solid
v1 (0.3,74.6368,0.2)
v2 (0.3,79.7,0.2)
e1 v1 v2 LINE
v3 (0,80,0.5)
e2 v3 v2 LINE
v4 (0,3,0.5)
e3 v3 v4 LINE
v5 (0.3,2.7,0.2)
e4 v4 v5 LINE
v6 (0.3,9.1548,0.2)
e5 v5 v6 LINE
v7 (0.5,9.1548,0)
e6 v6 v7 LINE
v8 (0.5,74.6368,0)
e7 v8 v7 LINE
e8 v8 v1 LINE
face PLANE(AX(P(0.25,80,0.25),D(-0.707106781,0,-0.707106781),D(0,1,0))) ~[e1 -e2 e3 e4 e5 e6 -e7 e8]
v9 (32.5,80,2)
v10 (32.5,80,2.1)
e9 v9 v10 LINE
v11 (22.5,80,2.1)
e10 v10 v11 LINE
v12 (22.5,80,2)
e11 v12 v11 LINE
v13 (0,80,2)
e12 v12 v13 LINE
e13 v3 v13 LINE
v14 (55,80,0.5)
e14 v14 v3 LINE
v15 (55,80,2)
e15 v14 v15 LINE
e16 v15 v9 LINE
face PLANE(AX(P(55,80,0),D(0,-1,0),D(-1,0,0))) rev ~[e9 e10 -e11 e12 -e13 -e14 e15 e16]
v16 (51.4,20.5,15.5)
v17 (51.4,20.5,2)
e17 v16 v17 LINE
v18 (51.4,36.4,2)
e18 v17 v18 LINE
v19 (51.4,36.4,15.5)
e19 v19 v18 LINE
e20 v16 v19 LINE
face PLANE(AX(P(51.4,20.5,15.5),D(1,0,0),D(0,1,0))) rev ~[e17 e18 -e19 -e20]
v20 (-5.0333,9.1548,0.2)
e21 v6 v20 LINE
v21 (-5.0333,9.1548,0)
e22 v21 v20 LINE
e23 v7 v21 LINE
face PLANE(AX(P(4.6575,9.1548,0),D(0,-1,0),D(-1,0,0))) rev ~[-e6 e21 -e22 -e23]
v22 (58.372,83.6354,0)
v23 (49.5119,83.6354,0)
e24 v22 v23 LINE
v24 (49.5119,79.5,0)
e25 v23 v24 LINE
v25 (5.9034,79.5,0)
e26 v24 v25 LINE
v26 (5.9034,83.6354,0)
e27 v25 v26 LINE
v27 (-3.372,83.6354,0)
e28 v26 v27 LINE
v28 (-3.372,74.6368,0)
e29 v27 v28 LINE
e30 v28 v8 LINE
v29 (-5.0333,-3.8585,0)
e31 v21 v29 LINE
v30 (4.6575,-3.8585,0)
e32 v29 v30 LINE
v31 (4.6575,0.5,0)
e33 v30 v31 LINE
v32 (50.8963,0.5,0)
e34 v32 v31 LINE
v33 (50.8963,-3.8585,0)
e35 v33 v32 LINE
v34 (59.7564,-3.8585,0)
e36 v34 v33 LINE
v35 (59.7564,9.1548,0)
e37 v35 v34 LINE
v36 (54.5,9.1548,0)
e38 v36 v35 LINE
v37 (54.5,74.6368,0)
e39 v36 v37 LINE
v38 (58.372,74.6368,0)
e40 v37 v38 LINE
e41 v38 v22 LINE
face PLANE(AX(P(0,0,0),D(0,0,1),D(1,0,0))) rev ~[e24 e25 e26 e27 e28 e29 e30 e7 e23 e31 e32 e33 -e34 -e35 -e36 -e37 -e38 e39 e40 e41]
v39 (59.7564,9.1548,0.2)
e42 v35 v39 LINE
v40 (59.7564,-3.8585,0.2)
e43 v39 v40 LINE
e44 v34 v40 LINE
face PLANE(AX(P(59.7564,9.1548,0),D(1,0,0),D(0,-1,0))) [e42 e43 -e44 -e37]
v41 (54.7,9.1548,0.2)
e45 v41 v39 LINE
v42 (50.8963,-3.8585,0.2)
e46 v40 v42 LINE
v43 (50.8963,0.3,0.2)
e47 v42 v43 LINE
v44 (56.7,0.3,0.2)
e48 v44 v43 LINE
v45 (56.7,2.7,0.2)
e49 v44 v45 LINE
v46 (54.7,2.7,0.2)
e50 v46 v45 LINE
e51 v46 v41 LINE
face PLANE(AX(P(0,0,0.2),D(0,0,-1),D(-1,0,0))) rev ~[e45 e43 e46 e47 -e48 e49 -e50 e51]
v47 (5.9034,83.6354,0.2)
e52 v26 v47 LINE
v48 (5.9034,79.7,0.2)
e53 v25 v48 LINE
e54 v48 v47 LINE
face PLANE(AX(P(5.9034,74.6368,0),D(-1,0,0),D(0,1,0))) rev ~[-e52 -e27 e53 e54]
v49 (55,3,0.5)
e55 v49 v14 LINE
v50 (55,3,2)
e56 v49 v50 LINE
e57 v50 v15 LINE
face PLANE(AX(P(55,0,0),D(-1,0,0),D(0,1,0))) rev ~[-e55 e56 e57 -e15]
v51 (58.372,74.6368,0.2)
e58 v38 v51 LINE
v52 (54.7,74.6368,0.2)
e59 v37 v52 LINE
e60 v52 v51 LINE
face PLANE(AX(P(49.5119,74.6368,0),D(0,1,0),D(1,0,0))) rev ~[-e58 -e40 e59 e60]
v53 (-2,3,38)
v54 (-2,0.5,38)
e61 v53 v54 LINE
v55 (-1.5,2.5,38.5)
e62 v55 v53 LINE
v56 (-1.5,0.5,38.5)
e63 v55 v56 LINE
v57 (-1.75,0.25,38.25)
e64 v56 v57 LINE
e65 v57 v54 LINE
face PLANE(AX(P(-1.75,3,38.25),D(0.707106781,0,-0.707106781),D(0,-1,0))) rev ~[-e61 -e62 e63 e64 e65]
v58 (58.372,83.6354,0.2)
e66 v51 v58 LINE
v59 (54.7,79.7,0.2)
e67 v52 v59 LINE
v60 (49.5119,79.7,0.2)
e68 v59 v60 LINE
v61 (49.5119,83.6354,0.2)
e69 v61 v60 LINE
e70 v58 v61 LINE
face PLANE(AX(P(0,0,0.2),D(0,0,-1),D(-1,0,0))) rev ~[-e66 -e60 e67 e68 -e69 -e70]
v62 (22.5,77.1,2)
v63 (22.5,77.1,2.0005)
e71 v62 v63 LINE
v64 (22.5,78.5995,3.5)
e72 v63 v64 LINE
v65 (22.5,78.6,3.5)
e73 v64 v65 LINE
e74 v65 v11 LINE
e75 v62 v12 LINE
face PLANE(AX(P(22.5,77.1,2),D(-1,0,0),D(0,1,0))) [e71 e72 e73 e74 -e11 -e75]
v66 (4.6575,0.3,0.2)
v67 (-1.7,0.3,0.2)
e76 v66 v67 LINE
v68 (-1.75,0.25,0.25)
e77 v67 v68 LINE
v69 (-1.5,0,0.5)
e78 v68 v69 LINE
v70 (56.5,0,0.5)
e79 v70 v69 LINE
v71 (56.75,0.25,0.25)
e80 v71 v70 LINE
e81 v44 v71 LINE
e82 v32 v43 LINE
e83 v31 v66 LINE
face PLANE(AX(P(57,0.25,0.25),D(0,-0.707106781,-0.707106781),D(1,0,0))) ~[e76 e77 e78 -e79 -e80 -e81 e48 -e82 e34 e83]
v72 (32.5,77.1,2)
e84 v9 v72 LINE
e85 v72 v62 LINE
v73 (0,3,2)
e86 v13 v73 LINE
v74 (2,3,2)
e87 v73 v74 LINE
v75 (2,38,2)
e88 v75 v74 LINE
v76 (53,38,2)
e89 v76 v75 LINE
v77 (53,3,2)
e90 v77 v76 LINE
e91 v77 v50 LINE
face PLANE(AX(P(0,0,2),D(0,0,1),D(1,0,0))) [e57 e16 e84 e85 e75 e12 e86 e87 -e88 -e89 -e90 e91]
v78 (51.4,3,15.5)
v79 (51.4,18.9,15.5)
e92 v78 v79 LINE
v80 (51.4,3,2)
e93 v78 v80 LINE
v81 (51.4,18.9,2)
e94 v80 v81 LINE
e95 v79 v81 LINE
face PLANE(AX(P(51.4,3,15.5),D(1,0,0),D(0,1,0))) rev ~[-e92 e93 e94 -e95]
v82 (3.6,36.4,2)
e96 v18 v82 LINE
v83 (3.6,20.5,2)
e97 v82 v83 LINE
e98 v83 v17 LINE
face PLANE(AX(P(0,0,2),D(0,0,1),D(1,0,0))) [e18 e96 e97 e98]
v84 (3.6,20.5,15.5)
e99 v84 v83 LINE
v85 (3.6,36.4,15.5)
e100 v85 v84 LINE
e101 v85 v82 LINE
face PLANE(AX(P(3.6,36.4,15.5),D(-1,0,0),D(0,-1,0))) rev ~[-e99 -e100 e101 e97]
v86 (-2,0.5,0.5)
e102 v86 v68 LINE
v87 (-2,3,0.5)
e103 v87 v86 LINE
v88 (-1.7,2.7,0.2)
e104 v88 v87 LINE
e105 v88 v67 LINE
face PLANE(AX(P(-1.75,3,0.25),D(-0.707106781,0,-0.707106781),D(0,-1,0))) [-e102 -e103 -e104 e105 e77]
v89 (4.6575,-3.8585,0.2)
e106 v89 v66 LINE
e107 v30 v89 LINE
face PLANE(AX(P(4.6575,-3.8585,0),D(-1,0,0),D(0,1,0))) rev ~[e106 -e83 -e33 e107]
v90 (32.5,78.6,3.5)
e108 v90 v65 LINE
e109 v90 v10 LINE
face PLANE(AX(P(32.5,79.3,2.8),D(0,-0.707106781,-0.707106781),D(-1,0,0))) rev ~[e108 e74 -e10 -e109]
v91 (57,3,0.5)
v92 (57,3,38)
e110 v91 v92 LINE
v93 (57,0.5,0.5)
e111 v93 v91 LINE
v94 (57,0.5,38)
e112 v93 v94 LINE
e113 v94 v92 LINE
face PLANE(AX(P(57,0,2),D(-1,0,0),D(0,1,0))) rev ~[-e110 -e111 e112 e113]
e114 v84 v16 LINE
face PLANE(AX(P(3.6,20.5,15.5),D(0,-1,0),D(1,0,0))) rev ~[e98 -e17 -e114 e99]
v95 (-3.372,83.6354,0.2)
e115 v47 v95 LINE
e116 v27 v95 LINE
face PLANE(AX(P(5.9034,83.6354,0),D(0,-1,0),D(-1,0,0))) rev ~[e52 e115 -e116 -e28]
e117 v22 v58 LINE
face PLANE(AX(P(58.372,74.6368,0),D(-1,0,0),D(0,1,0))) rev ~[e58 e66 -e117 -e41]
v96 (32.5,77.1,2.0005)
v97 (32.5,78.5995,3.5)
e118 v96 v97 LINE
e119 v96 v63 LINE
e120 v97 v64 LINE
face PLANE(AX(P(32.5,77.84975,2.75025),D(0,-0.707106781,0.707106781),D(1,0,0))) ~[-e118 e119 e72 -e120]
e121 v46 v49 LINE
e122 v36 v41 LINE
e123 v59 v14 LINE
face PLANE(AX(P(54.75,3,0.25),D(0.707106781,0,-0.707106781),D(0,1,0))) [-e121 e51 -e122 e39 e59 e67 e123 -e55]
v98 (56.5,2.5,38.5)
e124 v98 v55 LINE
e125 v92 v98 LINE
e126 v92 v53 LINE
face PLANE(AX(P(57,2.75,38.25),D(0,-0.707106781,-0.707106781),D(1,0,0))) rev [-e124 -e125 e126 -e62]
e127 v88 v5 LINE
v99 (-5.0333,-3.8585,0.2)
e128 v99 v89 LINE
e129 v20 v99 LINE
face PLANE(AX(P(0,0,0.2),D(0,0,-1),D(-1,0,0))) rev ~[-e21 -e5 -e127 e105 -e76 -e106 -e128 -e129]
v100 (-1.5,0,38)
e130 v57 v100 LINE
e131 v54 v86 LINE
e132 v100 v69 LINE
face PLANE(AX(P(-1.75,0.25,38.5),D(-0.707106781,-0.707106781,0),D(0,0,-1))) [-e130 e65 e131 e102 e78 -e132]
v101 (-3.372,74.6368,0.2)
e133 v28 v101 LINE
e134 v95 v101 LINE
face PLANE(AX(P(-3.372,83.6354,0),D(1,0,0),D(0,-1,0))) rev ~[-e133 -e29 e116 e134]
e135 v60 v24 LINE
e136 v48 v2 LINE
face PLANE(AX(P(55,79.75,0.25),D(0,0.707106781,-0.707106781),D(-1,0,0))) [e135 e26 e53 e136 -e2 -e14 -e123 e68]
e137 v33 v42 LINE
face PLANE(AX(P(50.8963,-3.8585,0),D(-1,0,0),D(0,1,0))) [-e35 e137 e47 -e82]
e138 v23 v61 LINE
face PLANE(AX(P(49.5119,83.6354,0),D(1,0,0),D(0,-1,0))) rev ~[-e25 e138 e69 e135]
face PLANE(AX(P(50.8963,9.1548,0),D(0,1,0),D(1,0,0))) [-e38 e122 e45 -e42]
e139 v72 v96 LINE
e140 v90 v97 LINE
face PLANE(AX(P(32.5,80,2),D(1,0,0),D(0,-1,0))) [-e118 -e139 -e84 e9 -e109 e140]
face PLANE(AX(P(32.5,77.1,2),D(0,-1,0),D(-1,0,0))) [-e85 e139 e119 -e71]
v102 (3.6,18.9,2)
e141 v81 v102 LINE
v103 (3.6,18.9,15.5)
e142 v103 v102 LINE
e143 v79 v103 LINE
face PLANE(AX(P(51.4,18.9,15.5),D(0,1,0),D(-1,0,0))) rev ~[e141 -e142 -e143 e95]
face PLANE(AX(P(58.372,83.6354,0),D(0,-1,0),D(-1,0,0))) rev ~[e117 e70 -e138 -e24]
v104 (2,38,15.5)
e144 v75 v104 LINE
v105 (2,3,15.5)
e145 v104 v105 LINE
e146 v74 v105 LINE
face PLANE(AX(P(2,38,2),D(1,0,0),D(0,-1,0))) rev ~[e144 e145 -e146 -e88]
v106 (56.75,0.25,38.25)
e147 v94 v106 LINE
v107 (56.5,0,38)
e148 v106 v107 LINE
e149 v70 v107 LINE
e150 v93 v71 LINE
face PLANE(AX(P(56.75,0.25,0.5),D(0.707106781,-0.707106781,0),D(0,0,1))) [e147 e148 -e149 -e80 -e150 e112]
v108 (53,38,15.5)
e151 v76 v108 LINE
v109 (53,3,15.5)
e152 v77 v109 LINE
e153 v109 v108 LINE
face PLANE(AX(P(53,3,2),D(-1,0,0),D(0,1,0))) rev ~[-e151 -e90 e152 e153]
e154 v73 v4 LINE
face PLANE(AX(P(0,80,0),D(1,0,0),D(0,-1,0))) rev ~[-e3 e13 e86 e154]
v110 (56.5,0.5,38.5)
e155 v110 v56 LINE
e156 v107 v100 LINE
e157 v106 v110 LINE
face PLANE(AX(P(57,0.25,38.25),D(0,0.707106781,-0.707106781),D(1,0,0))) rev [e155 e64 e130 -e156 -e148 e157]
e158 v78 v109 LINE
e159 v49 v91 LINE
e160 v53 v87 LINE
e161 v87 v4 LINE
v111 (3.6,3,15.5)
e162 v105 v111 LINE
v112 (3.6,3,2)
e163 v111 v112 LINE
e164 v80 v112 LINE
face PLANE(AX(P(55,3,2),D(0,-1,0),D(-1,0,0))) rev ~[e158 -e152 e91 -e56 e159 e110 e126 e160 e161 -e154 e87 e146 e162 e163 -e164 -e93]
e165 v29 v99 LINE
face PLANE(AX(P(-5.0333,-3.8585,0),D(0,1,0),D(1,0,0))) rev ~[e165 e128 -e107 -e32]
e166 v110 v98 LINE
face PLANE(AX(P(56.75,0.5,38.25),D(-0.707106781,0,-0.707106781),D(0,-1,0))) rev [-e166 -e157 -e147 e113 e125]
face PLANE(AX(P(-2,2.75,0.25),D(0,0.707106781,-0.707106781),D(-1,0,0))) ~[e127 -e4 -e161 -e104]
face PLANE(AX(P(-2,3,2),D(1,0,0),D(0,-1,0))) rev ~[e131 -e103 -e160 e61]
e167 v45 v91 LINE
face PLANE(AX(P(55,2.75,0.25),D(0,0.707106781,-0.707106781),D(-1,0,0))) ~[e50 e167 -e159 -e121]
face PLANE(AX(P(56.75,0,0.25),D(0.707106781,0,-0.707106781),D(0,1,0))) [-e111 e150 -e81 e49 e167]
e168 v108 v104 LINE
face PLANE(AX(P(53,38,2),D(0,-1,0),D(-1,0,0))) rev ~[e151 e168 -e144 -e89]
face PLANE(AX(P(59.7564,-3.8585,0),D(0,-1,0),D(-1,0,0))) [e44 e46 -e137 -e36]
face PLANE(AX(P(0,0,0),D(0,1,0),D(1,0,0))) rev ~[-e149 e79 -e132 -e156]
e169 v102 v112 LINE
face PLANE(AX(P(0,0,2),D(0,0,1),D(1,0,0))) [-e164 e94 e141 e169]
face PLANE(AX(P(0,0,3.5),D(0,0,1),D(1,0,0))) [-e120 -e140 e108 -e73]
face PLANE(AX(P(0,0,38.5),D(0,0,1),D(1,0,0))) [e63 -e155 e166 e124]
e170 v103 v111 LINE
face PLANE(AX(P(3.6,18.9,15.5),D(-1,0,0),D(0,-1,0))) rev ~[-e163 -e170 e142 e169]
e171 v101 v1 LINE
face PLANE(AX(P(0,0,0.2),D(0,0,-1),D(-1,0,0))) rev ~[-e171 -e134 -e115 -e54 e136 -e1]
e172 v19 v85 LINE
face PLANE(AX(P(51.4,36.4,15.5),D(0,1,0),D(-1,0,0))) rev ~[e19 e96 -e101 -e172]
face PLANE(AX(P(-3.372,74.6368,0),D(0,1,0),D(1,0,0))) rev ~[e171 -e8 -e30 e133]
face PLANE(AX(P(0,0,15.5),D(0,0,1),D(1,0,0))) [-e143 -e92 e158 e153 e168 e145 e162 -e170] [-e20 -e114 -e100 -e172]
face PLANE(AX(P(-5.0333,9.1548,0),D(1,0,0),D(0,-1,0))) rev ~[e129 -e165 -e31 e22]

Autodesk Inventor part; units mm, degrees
ref_plane "YZ Plane" through (0, 0, 0) normal (1, 0, 0) x (0, 1, 0)
ref_plane "XZ Plane" through (0, 0, 0) normal (0, 1, 0) x (-1, 0, 0)
ref_plane "XY Plane" through (0, 0, 0) normal (0, 0, 1) x (1, 0, 0)
sketch "Sketch1" plane through (0, 0, 0) normal (0, 0, 1) x (1, 0, 0)
  line L0 (0, 0) -> (55, 0)
  line L1 (55, 0) -> (55, 80)
  line L2 (55, 80) -> (0, 80)
  line L3 (0, 80) -> (0, 0)
  dimension "d0" = 55
  dimension "d1" = 80
extrude "Base" add sketch "Sketch1" along normal blind 2
sketch "Sketch2" plane through (0, 0, 2) normal (0, 0, 1) x (1, 0, 0)
  line L0 (55, 0) -> (55, 80) projected
  line L1 (0, 80) -> (0, 0) projected
  line L2 (-2, 0) -> (57, 0)
  line L3 (57, 0) -> (57, 3)
  line L4 (57, 3) -> (-2, 3)
  line L5 (-2, 3) -> (-2, 0)
  dimension "d4" = 3
  dimension "d5" = 2
  dimension "d6" = 2
extrude "Back" add sketch "Sketch2" along normal blind 36.5 and the other way blind 2
sketch "Sketch6" plane through (0, 0, 2) normal (0, 0, 1) x (1, 0, 0)
  line L0 (0, 80) -> (0, 3) projected
  line L1 (0, 3) -> (55, 3) projected
  line L2 (55, 3) -> (55, 80) projected
  line L3 (2, 3) -> (53, 3)
  line L4 (53, 3) -> (53, 38)
  line L5 (53, 38) -> (2, 38)
  line L6 (2, 38) -> (2, 3)
  point P0 (0, 0)
  dimension "d29" = 35
  dimension "d30" = 2
  dimension "d31" = 2
extrude "Box" add sketch "Sketch6" along normal blind 13.5
chamfer "Chamfer3" distance 0.5 angle 45 8 edges at (0, 41.5, 0) (27.5, 80, 0) (55, 41.5, 0) (-1, 3, 0) (-2, 1.5, 0) (27.5, 0, 0) (57, 1.5, 0) (56, 3, 0)
chamfer "Chamfer4" distance 0.5 angle 45 3 edges at (-2, 0, 19.5) (27.5, 0, 38.5) (57, 0, 19.5)
chamfer "Chamfer5" distance 0.5 angle 45 3 edges at (-2, 1.75, 38.5) (27.5, 3, 38.5) (57, 1.75, 38.5)
sketch "Sketch7" plane through (0, 0, 15.5) normal (0, 0, 1) x (1, 0, 0)
  line L0 (53, 3) -> (2, 3) projected
  line L1 (53, 3) -> (53, 38) projected
  line L2 (53, 38) -> (2, 38) projected
  line L3 (2, 38) -> (2, 3) projected
  line L4 (3.6, 3) -> (51.4, 3)
  line L5 (51.4, 3) -> (51.4, 18.9)
  line L6 (51.4, 18.9) -> (3.6, 18.9)
  line L7 (3.6, 18.9) -> (3.6, 3)
  line L8 (51.4, 36.4) -> (3.6, 36.4)
  line L9 (3.6, 36.4) -> (3.6, 20.5)
  line L10 (3.6, 20.5) -> (51.4, 20.5)
  line L11 (51.4, 20.5) -> (51.4, 36.4)
  point P0 (0, 0)
  dimension "d44" = 1.6
  dimension "d45" = 1.6
  dimension "d46" = 1.6
  dimension "d47" = 1.6
  dimension "d48" = 1.6
  dimension "d49" = 1.6
  dimension "d50" = 15.9
  dimension "d51" = 15.9
extrude "Box inside" cut sketch "Sketch7" against normal blind 13.5 contours L0 L7 L6 L5 | L11 L10 L9 L8
sketch "Sketch8" plane through (0, 0, 2) normal (0, 0, 1) x (1, 0, 0)
  line L0 (55, 3) -> (55, 80) projected
  line L1 (55, 80) -> (0, 80) projected
  line L2 (0, 80) -> (0, 3) projected
  line L3 (22.5, 80) -> (32.5, 80)
  line L4 (32.5, 80) -> (32.5, 77.1)
  line L5 (32.5, 77.1) -> (22.5, 77.1)
  line L6 (22.5, 77.1) -> (22.5, 80)
  point P0 (0, 0)
  dimension "d63" = 22.5
  dimension "d64" = 22.5
  dimension "d65" = 10
  dimension "d66" = 2.9
extrude "Extrusion8" add sketch "Sketch8" along normal blind 1.5
chamfer "Chamfer9" distance 1.5 angle 45 1 edges at (27.5, 77.1, 3.5)
chamfer "Chamfer10" distance 1.4 angle 45 1 edges at (27.5, 80, 3.5)
sketch "Sketch9" plane through (0, 0, 0) normal (0, 0, -1) x (-1, 0, 0)
  line L0 (-58.372, 83.6354) -> (-49.5119, 83.6354)
  line L1 (-49.5119, 83.6354) -> (-49.5119, 74.6368)
  line L2 (-49.5119, 74.6368) -> (-58.372, 74.6368)
  line L3 (-58.372, 74.6368) -> (-58.372, 83.6354)
  line L4 (-5.9034, 83.6354) -> (3.372, 83.6354)
  line L5 (3.372, 83.6354) -> (3.372, 74.6368)
  line L6 (3.372, 74.6368) -> (-5.9034, 74.6368)
  line L7 (-5.9034, 74.6368) -> (-5.9034, 83.6354)
  line L8 (-4.6575, 9.1548) -> (5.0333, 9.1548)
  line L9 (5.0333, 9.1548) -> (5.0333, -3.8585)
  line L10 (5.0333, -3.8585) -> (-4.6575, -3.8585)
  line L11 (-4.6575, -3.8585) -> (-4.6575, 9.1548)
  line L12 (-50.8963, 9.1548) -> (-59.7564, 9.1548)
  line L13 (-59.7564, 9.1548) -> (-59.7564, -3.8585)
  line L14 (-59.7564, -3.8585) -> (-50.8963, -3.8585)
  line L15 (-50.8963, -3.8585) -> (-50.8963, 9.1548)
  point P0 (0, 0)
extrude "printing support" add sketch "Sketch9" against normal blind 0.2
equation "\"d31\" = d30"
equation "\"d45\" = d44"
equation "\"d46\" = d45"
equation "\"d47\" = d46"
equation "\"d48\" = d44"
equation "\"d49\" = d44"
equation "\"d64\" = d63"
properties part number "BOTTOM"
